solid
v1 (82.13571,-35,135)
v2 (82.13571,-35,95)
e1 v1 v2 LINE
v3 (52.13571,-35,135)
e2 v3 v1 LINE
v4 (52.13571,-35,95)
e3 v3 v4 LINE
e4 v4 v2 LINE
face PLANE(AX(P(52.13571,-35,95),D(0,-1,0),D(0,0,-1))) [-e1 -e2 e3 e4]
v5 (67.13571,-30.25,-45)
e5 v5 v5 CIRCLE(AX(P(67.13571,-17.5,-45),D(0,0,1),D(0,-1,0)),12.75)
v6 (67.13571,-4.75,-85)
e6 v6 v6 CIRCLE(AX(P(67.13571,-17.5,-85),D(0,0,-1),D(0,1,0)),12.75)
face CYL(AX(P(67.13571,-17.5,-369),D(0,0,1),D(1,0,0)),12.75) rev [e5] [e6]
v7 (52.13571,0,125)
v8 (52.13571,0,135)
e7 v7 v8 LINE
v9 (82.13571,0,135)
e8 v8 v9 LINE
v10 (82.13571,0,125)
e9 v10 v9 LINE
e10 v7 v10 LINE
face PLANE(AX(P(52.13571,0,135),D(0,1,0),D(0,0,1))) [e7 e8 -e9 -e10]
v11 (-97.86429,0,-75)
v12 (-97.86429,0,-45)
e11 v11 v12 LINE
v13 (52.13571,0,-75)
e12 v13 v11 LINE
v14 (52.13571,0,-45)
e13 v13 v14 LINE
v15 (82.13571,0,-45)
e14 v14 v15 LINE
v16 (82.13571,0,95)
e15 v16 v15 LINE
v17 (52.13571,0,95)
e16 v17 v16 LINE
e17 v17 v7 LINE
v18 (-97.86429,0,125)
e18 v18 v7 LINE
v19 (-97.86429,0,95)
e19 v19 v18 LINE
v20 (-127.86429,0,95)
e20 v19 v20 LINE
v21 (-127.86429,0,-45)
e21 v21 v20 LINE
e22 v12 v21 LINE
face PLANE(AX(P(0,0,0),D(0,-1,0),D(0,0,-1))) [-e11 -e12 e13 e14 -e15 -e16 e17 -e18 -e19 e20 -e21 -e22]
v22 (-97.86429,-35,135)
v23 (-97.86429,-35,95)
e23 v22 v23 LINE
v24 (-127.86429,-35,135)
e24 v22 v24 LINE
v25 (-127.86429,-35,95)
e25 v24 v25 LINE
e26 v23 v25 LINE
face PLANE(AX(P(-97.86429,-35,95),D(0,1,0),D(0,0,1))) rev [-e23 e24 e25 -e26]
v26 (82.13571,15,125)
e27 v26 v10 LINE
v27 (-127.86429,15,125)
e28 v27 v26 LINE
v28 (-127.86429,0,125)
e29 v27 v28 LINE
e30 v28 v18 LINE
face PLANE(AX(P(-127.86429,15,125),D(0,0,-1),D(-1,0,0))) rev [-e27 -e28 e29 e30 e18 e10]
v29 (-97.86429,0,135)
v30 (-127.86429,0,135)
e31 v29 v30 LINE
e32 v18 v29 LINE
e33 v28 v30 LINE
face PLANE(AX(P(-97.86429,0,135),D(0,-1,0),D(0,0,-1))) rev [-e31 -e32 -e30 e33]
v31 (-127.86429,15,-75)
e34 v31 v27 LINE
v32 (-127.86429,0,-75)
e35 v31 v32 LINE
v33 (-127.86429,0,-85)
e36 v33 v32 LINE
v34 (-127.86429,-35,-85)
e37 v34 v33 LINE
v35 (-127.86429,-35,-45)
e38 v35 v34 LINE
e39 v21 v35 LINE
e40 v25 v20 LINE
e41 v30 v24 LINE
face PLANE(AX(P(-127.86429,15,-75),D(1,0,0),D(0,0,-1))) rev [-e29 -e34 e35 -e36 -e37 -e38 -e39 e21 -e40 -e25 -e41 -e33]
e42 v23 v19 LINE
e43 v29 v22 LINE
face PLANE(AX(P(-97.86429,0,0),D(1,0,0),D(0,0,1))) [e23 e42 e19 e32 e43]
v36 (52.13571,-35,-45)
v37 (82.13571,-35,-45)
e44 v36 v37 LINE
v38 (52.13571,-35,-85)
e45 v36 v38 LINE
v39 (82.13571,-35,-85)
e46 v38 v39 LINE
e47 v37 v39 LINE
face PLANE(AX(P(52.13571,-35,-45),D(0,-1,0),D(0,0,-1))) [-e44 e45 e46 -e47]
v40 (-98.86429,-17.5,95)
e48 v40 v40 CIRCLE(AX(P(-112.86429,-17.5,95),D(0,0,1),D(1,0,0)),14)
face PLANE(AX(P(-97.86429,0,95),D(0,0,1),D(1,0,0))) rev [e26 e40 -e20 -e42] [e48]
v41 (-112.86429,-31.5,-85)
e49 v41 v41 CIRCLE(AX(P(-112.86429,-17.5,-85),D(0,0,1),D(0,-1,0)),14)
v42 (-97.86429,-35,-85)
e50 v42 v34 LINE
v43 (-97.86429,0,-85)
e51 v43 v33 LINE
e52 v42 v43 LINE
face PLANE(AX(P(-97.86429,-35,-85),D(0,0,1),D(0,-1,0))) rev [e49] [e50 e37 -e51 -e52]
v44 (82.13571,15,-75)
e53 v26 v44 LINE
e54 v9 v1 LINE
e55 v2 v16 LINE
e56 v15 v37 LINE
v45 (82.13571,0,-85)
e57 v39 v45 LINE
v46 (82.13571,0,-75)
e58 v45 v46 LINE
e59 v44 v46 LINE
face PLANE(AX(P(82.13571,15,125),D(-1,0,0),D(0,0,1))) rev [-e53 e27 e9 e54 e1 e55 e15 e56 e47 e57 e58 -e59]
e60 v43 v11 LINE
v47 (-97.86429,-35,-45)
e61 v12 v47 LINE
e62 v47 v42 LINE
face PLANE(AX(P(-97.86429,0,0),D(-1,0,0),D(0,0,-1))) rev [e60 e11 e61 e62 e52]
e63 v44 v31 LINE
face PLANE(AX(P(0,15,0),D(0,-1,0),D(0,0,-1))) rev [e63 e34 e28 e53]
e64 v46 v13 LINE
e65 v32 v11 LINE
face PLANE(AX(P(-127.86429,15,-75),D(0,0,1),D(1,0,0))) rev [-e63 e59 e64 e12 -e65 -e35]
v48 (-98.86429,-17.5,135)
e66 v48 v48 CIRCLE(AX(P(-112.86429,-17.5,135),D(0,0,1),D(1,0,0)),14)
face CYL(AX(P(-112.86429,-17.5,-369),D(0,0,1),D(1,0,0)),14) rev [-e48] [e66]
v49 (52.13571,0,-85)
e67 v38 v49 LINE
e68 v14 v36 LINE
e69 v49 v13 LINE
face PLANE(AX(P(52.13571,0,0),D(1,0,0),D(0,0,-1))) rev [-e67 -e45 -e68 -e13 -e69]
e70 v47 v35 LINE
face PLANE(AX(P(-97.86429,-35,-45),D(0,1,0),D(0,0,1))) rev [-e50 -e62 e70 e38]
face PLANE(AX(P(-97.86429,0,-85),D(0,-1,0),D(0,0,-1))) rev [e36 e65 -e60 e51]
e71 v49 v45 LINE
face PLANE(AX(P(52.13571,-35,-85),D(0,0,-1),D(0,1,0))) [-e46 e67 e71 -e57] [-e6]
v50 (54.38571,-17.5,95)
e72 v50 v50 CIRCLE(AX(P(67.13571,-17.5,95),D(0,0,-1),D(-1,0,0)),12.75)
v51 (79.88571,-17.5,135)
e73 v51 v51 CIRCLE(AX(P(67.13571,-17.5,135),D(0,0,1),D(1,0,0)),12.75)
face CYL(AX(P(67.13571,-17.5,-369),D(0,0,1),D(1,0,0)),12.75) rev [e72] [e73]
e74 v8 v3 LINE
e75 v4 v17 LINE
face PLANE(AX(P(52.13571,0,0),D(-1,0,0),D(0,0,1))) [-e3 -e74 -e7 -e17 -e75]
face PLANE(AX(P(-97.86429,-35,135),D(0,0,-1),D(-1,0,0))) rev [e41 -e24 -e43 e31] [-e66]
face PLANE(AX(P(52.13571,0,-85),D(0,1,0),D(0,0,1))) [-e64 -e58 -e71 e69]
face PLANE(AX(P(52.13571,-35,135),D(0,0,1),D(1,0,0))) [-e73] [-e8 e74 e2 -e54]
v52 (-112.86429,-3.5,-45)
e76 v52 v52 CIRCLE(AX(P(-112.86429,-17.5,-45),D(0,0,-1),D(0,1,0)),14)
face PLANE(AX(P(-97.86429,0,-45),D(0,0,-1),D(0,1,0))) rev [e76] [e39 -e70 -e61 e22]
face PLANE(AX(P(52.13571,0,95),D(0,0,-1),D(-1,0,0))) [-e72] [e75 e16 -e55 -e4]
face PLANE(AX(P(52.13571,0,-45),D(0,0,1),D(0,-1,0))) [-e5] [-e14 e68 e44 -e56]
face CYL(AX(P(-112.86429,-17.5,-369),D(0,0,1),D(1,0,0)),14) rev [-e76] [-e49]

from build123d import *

# Parameters (mm, degrees)
IZIM1_W                     = 210
IZIM1_H                     = 200
Y_KSEKLIK_EKSTR_ZYON1_DEPTH = 15
IZIM2_W                     = 40
IZIM2_H                     = 35
Y_KSEKLIK_EKSTR_ZYON2_DEPTH = 30
IZIM7_R                     = 12.75
IZIM7_R_2                   = 14
KES_EKSTR_ZYON2_DEPTH       = 504


with BuildPart() as part:
    # Çizim1 → Yükseklik-Ekstrüzyon1 (new body)
    with BuildSketch(Plane(origin=(0, 0, 0), x_dir=(1, 0, 0), z_dir=(0, 1, 0))):
        with Locations((-22.864290172, -25)):
            Rectangle(IZIM1_W, IZIM1_H)
    extrude(amount=Y_KSEKLIK_EKSTR_ZYON1_DEPTH)

    # Çizim2 → Yükseklik-Ekstrüzyon2 (add)
    with BuildSketch(Plane(origin=(82.135709828, 0, 0), x_dir=(0, 0, -1), z_dir=(1, 0, 0))):
        with Locations((-115, -17.5)):
            Rectangle(IZIM2_W, IZIM2_H)
        with Locations((65, -17.5)):
            Rectangle(IZIM2_W, IZIM2_H)
    y_kseklik_ekstr_zyon2 = extrude(amount=-Y_KSEKLIK_EKSTR_ZYON2_DEPTH)

    # Aynalama1: Yükseklik-Ekstrüzyon2 across plane
    add(y_kseklik_ekstr_zyon2.mirror(Plane(origin=(-22.864290172, 0, 0), x_dir=(0, 0, 1), z_dir=(1, 0, 0))))

    # Çizim7 → Kes-Ekstrüzyon2 (cut)
    with BuildSketch(Plane.XY.offset(135)):
        with Locations((67.135709828, -17.5)):
            Circle(IZIM7_R)
        with Locations((-112.864290172, -17.5)):
            Circle(IZIM7_R_2)
    extrude(amount=-KES_EKSTR_ZYON2_DEPTH, mode=Mode.SUBTRACT)


solid = part.part
